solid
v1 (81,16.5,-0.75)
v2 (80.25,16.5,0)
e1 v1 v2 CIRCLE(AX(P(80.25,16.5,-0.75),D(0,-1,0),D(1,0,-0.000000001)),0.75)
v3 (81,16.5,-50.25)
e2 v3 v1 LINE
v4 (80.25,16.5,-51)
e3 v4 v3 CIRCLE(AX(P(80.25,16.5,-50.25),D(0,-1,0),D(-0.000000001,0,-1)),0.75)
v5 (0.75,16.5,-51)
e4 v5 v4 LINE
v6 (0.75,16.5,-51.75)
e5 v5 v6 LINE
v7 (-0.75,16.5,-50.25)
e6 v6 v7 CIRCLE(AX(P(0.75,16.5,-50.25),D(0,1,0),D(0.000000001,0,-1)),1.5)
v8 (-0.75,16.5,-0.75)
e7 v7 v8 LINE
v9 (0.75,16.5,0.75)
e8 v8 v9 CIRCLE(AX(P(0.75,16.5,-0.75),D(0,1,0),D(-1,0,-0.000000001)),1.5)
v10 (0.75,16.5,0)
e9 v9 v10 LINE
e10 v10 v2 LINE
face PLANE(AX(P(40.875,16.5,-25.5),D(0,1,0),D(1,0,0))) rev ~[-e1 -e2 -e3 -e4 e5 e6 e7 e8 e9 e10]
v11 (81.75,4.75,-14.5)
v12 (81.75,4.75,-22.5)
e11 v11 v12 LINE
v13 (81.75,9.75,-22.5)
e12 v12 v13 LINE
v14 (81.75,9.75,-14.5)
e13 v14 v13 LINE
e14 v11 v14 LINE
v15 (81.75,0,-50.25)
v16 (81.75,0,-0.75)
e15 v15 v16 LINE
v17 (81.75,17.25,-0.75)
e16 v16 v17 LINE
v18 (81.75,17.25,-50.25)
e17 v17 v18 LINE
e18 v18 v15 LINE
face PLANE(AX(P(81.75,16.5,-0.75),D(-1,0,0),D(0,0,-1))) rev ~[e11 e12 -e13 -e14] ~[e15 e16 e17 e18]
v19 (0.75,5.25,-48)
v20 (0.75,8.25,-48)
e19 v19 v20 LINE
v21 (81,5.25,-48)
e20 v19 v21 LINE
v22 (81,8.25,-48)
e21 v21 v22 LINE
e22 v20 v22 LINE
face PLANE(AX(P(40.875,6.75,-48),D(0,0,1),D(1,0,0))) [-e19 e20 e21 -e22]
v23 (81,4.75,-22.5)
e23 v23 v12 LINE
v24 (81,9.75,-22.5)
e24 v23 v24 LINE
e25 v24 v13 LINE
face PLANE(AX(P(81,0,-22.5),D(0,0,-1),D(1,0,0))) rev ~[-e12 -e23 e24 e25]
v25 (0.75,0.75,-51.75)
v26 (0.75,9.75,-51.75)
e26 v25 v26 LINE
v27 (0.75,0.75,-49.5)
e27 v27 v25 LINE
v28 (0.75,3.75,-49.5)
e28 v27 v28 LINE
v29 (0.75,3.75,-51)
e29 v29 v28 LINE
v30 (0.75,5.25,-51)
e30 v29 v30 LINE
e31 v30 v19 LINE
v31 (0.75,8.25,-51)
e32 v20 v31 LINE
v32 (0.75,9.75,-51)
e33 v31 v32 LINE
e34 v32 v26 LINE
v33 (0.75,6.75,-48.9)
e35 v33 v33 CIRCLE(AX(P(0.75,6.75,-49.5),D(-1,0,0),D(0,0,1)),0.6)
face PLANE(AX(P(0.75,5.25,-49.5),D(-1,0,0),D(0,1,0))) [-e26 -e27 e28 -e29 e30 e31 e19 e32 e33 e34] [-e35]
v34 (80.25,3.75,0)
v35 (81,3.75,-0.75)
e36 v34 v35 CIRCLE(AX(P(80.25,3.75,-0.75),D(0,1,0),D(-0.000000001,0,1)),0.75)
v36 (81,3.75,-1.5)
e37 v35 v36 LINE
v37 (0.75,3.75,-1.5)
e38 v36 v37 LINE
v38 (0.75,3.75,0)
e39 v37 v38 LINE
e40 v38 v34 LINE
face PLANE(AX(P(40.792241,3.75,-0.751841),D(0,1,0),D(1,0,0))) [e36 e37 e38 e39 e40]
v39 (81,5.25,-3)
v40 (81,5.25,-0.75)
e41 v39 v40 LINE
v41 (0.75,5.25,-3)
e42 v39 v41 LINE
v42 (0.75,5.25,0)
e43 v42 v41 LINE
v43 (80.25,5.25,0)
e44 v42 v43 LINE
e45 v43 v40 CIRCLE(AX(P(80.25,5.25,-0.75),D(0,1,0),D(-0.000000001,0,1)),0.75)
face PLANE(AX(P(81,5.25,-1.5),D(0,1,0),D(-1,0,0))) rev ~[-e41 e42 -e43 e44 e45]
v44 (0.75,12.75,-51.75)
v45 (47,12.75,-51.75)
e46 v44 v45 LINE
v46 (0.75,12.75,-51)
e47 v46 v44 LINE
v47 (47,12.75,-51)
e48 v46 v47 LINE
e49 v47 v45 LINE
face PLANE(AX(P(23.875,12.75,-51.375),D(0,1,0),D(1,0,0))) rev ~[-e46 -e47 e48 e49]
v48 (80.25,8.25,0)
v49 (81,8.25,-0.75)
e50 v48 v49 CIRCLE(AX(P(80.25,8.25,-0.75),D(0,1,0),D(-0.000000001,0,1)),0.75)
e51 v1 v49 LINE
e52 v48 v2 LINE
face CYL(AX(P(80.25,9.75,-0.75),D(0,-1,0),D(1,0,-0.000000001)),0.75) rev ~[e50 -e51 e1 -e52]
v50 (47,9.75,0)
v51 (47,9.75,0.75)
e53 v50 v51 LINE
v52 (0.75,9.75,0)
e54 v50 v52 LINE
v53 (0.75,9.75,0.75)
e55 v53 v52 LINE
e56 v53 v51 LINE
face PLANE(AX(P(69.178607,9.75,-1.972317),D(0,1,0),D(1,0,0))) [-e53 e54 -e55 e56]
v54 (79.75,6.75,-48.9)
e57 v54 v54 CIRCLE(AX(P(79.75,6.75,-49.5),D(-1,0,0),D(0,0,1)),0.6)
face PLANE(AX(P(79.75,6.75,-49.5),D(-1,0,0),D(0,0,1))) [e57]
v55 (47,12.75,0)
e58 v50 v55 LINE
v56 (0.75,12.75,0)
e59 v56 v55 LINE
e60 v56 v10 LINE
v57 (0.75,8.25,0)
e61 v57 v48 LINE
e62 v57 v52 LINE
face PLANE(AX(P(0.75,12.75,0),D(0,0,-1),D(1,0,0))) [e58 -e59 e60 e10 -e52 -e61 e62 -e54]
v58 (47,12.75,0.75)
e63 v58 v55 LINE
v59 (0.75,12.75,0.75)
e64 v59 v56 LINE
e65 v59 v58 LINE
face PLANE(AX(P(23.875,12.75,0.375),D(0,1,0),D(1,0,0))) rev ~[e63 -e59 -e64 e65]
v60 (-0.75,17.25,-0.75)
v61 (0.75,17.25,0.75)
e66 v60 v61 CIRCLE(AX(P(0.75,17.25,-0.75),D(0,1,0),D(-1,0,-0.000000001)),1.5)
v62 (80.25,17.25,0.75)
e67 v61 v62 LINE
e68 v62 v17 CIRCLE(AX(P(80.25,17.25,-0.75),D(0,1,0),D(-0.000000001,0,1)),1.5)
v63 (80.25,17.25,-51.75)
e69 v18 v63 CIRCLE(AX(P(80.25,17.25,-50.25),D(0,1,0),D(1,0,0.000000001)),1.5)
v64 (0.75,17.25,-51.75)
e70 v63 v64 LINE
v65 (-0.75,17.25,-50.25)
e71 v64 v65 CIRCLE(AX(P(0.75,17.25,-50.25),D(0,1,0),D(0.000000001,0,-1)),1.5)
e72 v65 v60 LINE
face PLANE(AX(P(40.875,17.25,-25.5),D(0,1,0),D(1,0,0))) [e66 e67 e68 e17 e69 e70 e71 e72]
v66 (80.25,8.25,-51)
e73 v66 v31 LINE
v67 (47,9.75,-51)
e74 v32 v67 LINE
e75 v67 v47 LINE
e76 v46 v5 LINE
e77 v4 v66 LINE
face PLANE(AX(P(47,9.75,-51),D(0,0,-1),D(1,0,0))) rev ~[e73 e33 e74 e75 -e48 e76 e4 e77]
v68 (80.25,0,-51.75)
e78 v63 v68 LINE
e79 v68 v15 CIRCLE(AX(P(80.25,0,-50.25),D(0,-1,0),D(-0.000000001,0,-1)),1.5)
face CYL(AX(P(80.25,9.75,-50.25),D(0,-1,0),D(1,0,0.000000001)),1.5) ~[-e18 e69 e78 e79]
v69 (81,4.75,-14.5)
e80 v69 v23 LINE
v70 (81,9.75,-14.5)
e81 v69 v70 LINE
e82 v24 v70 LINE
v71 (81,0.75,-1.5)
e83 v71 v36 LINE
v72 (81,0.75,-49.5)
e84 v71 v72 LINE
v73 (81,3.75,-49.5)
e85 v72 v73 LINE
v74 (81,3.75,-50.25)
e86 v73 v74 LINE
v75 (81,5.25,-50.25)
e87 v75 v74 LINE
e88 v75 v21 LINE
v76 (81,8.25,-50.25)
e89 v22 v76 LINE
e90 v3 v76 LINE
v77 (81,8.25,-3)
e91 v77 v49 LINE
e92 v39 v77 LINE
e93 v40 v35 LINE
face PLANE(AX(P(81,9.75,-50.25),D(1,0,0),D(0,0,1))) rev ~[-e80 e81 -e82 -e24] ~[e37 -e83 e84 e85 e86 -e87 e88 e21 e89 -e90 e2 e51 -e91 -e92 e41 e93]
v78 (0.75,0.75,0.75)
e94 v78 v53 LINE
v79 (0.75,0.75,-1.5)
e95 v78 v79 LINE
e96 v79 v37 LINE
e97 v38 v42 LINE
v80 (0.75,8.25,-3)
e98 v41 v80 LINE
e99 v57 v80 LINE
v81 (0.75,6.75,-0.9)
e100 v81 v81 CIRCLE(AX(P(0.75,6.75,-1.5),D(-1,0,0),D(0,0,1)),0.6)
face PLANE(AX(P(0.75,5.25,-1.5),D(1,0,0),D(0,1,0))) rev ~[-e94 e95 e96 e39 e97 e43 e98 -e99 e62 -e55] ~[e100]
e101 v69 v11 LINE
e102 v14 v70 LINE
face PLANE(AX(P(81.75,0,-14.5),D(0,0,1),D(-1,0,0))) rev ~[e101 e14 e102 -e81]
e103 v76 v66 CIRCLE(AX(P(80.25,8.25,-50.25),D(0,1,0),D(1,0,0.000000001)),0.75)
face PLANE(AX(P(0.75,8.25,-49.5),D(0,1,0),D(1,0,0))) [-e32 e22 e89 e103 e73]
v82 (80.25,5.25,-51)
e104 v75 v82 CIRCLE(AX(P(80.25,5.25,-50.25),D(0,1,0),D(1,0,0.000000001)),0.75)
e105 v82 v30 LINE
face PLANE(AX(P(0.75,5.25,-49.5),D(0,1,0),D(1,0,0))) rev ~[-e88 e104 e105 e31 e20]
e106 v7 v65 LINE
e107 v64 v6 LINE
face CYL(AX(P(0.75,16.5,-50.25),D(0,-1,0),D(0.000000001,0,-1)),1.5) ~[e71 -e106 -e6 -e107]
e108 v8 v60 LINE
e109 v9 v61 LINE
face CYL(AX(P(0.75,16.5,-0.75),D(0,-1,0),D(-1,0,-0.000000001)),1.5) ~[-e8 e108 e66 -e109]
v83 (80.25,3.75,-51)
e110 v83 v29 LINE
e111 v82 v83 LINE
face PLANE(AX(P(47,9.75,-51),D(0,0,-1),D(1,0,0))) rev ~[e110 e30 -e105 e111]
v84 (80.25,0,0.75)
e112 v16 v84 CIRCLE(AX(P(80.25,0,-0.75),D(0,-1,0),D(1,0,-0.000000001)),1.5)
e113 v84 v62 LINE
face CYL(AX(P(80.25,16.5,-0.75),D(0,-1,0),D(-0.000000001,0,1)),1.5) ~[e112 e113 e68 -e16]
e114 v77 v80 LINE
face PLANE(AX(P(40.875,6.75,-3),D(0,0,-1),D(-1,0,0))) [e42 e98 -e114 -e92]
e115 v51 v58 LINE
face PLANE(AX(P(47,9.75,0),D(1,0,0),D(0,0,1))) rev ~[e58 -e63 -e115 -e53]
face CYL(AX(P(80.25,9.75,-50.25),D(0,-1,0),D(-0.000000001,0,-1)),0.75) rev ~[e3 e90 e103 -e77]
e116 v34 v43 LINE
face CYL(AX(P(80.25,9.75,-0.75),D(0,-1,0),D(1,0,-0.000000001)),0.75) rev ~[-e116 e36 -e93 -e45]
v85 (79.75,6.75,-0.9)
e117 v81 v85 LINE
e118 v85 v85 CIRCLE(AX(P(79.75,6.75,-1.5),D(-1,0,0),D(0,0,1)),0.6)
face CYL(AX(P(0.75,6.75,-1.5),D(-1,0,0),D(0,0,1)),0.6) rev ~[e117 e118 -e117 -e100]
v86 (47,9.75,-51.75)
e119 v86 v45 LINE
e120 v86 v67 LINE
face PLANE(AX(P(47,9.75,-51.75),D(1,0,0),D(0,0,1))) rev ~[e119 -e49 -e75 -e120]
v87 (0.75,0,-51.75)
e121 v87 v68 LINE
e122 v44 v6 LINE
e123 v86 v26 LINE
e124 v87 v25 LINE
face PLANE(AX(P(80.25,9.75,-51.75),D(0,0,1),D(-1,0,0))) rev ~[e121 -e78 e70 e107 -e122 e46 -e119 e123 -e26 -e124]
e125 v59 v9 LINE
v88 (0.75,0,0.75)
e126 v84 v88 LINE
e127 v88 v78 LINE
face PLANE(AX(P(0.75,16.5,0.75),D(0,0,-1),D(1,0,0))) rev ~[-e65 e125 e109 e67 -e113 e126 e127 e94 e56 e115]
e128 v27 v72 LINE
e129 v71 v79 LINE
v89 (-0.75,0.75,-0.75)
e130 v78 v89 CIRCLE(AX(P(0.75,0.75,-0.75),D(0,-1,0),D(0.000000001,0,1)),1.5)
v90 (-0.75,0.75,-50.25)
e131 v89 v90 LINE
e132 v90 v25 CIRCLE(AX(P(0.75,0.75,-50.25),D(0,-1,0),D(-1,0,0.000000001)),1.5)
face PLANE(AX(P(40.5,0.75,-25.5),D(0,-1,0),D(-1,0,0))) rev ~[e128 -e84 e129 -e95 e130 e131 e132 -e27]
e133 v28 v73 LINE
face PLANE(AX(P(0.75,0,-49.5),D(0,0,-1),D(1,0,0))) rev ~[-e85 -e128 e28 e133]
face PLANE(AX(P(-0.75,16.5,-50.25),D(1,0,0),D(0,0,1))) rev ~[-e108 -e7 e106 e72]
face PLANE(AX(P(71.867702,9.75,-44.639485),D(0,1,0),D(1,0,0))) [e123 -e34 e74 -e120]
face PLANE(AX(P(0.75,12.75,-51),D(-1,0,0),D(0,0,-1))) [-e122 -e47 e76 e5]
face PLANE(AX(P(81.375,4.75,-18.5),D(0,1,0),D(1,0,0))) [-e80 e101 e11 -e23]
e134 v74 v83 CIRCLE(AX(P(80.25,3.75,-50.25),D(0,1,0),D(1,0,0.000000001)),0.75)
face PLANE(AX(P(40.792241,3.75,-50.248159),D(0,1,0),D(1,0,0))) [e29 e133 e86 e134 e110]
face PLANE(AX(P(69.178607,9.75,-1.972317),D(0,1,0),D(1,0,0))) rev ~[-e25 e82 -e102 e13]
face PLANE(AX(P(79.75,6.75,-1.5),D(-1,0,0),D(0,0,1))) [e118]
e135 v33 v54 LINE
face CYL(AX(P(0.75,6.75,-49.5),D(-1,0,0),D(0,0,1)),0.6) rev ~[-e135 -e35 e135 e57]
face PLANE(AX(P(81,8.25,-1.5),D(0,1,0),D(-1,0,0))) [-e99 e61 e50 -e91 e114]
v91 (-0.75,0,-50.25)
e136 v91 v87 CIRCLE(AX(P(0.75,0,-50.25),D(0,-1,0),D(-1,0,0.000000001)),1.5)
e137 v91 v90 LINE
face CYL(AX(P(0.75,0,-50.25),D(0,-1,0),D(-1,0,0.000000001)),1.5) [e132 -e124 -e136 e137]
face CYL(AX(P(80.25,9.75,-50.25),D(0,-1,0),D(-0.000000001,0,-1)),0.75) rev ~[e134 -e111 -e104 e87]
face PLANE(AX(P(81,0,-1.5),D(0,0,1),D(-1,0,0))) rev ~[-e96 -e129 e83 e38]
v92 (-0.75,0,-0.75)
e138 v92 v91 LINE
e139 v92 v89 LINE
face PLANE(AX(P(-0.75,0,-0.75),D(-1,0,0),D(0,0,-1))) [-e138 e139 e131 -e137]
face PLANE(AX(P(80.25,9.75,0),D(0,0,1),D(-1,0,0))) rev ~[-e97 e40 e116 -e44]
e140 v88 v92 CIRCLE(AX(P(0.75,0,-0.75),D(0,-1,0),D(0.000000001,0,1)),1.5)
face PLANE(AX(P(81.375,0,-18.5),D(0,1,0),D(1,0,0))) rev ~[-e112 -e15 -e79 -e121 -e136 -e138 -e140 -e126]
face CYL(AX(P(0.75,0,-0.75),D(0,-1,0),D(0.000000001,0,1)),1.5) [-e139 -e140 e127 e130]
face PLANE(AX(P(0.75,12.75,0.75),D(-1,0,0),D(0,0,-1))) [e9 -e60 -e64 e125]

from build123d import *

# Parameters (mm, degrees)
BOSS_EXTRUDE1_DEPTH  = 0.75
BOSS_EXTRUDE2_DEPTH  = 3.75
BOSS_EXTRUDE3_DEPTH  = 9.75
SKETCH1_5_W          = 0.75
SKETCH1_5_H          = 8
BOSS_EXTRUDE4_DEPTH  = 4.75
BOSS_EXTRUDE5_START  = 9.75
BOSS_EXTRUDE5_DEPTH  = 7
BOSS_EXTRUDE6_START  = 5.25
BOSS_EXTRUDE6_DEPTH  = 3
BOSS_EXTRUDE7_START  = 12.75
SKETCH1_11_W         = 46.25
SKETCH1_11_H         = 0.75
BOSS_EXTRUDE7_DEPTH  = 4
BOSS_EXTRUDE9_START  = 16.5
BOSS_EXTRUDE9_DEPTH  = 0.75
SKETCH3_W            = 80.25
SKETCH3_H            = 3
BOSS_EXTRUDE10_DEPTH = 1.5
SKETCH6_W            = 80.25
SKETCH6_H            = 3
BOSS_EXTRUDE11_DEPTH = 1.5
SKETCH4_R            = 0.6
CUT_EXTRUDE1_DEPTH   = 79
SKETCH7_R            = 0.6
CUT_EXTRUDE2_DEPTH   = 79


with BuildPart() as part:
    # Sketch1 → Boss-Extrude1 (new body)
    with BuildSketch(Plane(origin=(0, 0, 0), x_dir=(1, 0, 0), z_dir=(0, 1, 0))):
        with BuildLine():
            Line((0.75, 51.75), (80.25, 51.75))
            ThreePointArc((80.25, 51.75), (81.310660172, 51.310660172), (81.75, 50.25))
            Line((81.75, 50.25), (81.75, 0.75))
            ThreePointArc((81.75, 0.75), (81.310660172, -0.310660172), (80.25, -0.75))
            Line((80.25, -0.75), (0.75, -0.75))
            ThreePointArc((0.75, -0.75), (-0.310660172, -0.310660172), (-0.75, 0.75))
            Line((-0.75, 0.75), (-0.75, 50.25))
            ThreePointArc((-0.75, 50.25), (-0.310660172, 51.310660172), (0.75, 51.75))
        make_face()
    extrude(amount=BOSS_EXTRUDE1_DEPTH)

    # Sketch1<3> → Boss-Extrude2 (add)
    with BuildSketch(Plane(origin=(0, 0, 0), x_dir=(1, 0, 0), z_dir=(0, 1, 0))):
        with BuildLine():
            Line((80.25, 51), (0.75, 51))
            Line((0.75, 51), (0.75, 49.5))
            Line((0.75, 49.5), (81, 49.5))
            Line((81, 49.5), (81, 50.25))
            ThreePointArc((81, 50.25), (80.780330086, 50.780330086), (80.25, 51))
        make_face()
        with BuildLine():
            Line((81, 1.5), (0.75, 1.5))
            Line((0.75, 1.5), (0.75, 0))
            Line((0.75, 0), (80.25, 0))
            ThreePointArc((80.25, 0), (80.780330086, 0.219669914), (81, 0.75))
            Line((81, 0.75), (81, 1.5))
        make_face()
    extrude(amount=BOSS_EXTRUDE2_DEPTH)

    # Sketch1<4> → Boss-Extrude3 (add)
    with BuildSketch(Plane(origin=(0, 0, 0), x_dir=(1, 0, 0), z_dir=(0, 1, 0))):
        with BuildLine():
            Line((0.75, 51.75), (0.75, 51))
            Line((0.75, 51), (80.25, 51))
            ThreePointArc((80.25, 51), (80.780330086, 50.780330086), (81, 50.25))
            Line((81, 50.25), (81, 22.5))
            Line((81, 22.5), (81.75, 22.5))
            Line((81.75, 22.5), (81.75, 50.25))
            ThreePointArc((81.75, 50.25), (81.310660172, 51.310660172), (80.25, 51.75))
            Line((80.25, 51.75), (0.75, 51.75))
        make_face()
        with BuildLine():
            Line((0.75, 0), (0.75, -0.75))
            Line((0.75, -0.75), (80.25, -0.75))
            ThreePointArc((80.25, -0.75), (81.310660172, -0.310660172), (81.75, 0.75))
            Line((81.75, 0.75), (81.75, 14.5))
            Line((81.75, 14.5), (81, 14.5))
            Line((81, 14.5), (81, 0.75))
            ThreePointArc((81, 0.75), (80.780330086, 0.219669914), (80.25, 0))
            Line((80.25, 0), (0.75, 0))
        make_face()
    extrude(amount=BOSS_EXTRUDE3_DEPTH)

    # Sketch1<5> → Boss-Extrude4 (add)
    with BuildSketch(Plane(origin=(0, 0, 0), x_dir=(1, 0, 0), z_dir=(0, 1, 0))):
        with Locations((81.375, 18.5)):
            Rectangle(SKETCH1_5_W, SKETCH1_5_H)
    extrude(amount=BOSS_EXTRUDE4_DEPTH)

    # Sketch1<8> → Boss-Extrude5 (add)
    with BuildSketch(Plane(origin=(0, 0, 0), x_dir=(1, 0, 0), z_dir=(0, 1, 0)).offset(BOSS_EXTRUDE5_START)):
        with BuildLine():
            Line((80.25, 51.75), (47, 51.75))
            Line((47, 51.75), (47, 51))
            Line((47, 51), (80.25, 51))
            ThreePointArc((80.25, 51), (80.780330086, 50.780330086), (81, 50.25))
            Line((81, 50.25), (81, 0.75))
            ThreePointArc((81, 0.75), (80.780330086, 0.219669914), (80.25, 0))
            Line((80.25, 0), (47, 0))
            Line((47, 0), (47, -0.75))
            Line((47, -0.75), (80.25, -0.75))
            ThreePointArc((80.25, -0.75), (81.310660172, -0.310660172), (81.75, 0.75))
            Line((81.75, 0.75), (81.75, 50.25))
            ThreePointArc((81.75, 50.25), (81.310660172, 51.310660172), (80.25, 51.75))
        make_face()
    extrude(amount=BOSS_EXTRUDE5_DEPTH)

    # Sketch1<9> → Boss-Extrude6 (add)
    with BuildSketch(Plane(origin=(0, 0, 0), x_dir=(1, 0, 0), z_dir=(0, 1, 0)).offset(BOSS_EXTRUDE6_START)):
        with BuildLine():
            Line((80.25, 51), (0.75, 51))
            Line((0.75, 51), (0.75, 49.5))
            Line((0.75, 49.5), (81, 49.5))
            Line((81, 49.5), (81, 50.25))
            ThreePointArc((81, 50.25), (80.780330086, 50.780330086), (80.25, 51))
        make_face()
        with BuildLine():
            Line((81, 1.5), (0.75, 1.5))
            Line((0.75, 1.5), (0.75, 0))
            Line((0.75, 0), (80.25, 0))
            ThreePointArc((80.25, 0), (80.780330086, 0.219669914), (81, 0.75))
            Line((81, 0.75), (81, 1.5))
        make_face()
    extrude(amount=BOSS_EXTRUDE6_DEPTH)

    # Sketch1<11> → Boss-Extrude7 (add)
    with BuildSketch(Plane(origin=(0, 0, 0), x_dir=(1, 0, 0), z_dir=(0, 1, 0)).offset(BOSS_EXTRUDE7_START)):
        with Locations((23.875, 51.375)):
            Rectangle(SKETCH1_11_W, SKETCH1_11_H)
        with Locations((23.875, -0.375)):
            Rectangle(SKETCH1_11_W, SKETCH1_11_H)
    extrude(amount=BOSS_EXTRUDE7_DEPTH)

    # Sketch1<12> → Boss-Extrude9 (add)
    with BuildSketch(Plane(origin=(0, 0, 0), x_dir=(1, 0, 0), z_dir=(0, 1, 0)).offset(BOSS_EXTRUDE9_START)):
        with BuildLine():
            ThreePointArc((0.75, 51.75), (-0.310660172, 51.310660172), (-0.75, 50.25))
            Line((-0.75, 50.25), (-0.75, 0.75))
            ThreePointArc((-0.75, 0.75), (-0.310660172, -0.310660172), (0.75, -0.75))
            Line((0.75, -0.75), (80.25, -0.75))
            ThreePointArc((80.25, -0.75), (81.310660172, -0.310660172), (81.75, 0.75))
            Line((81.75, 0.75), (81.75, 50.25))
            ThreePointArc((81.75, 50.25), (81.310660172, 51.310660172), (80.25, 51.75))
            Line((80.25, 51.75), (0.75, 51.75))
        make_face()
    extrude(amount=BOSS_EXTRUDE9_DEPTH)

    # Sketch3 → Boss-Extrude10 (add)
    with BuildSketch(Plane.XY.offset(-49.5)):
        with Locations((40.875, 6.75)):
            Rectangle(SKETCH3_W, SKETCH3_H)
    extrude(amount=BOSS_EXTRUDE10_DEPTH)

    # Sketch6 → Boss-Extrude11 (add)
    with BuildSketch(Plane(origin=(0, 0, -1.5), x_dir=(-1, 0, 0), z_dir=(0, 0, -1))):
        with Locations((-40.875, 6.75)):
            Rectangle(SKETCH6_W, SKETCH6_H)
    extrude(amount=BOSS_EXTRUDE11_DEPTH)

    # Sketch4 → Cut-Extrude1 (cut)
    with BuildSketch(Plane.ZY.offset(-0.75)):
        with Locations((-49.5, 6.75)):
            Circle(SKETCH4_R)
    extrude(amount=-CUT_EXTRUDE1_DEPTH, mode=Mode.SUBTRACT)

    # Sketch7 → Cut-Extrude2 (cut)
    with BuildSketch(Plane.ZY.offset(-0.75)):
        with Locations((-1.5, 6.75)):
            Circle(SKETCH7_R)
    extrude(amount=-CUT_EXTRUDE2_DEPTH, mode=Mode.SUBTRACT)


solid = part.part
